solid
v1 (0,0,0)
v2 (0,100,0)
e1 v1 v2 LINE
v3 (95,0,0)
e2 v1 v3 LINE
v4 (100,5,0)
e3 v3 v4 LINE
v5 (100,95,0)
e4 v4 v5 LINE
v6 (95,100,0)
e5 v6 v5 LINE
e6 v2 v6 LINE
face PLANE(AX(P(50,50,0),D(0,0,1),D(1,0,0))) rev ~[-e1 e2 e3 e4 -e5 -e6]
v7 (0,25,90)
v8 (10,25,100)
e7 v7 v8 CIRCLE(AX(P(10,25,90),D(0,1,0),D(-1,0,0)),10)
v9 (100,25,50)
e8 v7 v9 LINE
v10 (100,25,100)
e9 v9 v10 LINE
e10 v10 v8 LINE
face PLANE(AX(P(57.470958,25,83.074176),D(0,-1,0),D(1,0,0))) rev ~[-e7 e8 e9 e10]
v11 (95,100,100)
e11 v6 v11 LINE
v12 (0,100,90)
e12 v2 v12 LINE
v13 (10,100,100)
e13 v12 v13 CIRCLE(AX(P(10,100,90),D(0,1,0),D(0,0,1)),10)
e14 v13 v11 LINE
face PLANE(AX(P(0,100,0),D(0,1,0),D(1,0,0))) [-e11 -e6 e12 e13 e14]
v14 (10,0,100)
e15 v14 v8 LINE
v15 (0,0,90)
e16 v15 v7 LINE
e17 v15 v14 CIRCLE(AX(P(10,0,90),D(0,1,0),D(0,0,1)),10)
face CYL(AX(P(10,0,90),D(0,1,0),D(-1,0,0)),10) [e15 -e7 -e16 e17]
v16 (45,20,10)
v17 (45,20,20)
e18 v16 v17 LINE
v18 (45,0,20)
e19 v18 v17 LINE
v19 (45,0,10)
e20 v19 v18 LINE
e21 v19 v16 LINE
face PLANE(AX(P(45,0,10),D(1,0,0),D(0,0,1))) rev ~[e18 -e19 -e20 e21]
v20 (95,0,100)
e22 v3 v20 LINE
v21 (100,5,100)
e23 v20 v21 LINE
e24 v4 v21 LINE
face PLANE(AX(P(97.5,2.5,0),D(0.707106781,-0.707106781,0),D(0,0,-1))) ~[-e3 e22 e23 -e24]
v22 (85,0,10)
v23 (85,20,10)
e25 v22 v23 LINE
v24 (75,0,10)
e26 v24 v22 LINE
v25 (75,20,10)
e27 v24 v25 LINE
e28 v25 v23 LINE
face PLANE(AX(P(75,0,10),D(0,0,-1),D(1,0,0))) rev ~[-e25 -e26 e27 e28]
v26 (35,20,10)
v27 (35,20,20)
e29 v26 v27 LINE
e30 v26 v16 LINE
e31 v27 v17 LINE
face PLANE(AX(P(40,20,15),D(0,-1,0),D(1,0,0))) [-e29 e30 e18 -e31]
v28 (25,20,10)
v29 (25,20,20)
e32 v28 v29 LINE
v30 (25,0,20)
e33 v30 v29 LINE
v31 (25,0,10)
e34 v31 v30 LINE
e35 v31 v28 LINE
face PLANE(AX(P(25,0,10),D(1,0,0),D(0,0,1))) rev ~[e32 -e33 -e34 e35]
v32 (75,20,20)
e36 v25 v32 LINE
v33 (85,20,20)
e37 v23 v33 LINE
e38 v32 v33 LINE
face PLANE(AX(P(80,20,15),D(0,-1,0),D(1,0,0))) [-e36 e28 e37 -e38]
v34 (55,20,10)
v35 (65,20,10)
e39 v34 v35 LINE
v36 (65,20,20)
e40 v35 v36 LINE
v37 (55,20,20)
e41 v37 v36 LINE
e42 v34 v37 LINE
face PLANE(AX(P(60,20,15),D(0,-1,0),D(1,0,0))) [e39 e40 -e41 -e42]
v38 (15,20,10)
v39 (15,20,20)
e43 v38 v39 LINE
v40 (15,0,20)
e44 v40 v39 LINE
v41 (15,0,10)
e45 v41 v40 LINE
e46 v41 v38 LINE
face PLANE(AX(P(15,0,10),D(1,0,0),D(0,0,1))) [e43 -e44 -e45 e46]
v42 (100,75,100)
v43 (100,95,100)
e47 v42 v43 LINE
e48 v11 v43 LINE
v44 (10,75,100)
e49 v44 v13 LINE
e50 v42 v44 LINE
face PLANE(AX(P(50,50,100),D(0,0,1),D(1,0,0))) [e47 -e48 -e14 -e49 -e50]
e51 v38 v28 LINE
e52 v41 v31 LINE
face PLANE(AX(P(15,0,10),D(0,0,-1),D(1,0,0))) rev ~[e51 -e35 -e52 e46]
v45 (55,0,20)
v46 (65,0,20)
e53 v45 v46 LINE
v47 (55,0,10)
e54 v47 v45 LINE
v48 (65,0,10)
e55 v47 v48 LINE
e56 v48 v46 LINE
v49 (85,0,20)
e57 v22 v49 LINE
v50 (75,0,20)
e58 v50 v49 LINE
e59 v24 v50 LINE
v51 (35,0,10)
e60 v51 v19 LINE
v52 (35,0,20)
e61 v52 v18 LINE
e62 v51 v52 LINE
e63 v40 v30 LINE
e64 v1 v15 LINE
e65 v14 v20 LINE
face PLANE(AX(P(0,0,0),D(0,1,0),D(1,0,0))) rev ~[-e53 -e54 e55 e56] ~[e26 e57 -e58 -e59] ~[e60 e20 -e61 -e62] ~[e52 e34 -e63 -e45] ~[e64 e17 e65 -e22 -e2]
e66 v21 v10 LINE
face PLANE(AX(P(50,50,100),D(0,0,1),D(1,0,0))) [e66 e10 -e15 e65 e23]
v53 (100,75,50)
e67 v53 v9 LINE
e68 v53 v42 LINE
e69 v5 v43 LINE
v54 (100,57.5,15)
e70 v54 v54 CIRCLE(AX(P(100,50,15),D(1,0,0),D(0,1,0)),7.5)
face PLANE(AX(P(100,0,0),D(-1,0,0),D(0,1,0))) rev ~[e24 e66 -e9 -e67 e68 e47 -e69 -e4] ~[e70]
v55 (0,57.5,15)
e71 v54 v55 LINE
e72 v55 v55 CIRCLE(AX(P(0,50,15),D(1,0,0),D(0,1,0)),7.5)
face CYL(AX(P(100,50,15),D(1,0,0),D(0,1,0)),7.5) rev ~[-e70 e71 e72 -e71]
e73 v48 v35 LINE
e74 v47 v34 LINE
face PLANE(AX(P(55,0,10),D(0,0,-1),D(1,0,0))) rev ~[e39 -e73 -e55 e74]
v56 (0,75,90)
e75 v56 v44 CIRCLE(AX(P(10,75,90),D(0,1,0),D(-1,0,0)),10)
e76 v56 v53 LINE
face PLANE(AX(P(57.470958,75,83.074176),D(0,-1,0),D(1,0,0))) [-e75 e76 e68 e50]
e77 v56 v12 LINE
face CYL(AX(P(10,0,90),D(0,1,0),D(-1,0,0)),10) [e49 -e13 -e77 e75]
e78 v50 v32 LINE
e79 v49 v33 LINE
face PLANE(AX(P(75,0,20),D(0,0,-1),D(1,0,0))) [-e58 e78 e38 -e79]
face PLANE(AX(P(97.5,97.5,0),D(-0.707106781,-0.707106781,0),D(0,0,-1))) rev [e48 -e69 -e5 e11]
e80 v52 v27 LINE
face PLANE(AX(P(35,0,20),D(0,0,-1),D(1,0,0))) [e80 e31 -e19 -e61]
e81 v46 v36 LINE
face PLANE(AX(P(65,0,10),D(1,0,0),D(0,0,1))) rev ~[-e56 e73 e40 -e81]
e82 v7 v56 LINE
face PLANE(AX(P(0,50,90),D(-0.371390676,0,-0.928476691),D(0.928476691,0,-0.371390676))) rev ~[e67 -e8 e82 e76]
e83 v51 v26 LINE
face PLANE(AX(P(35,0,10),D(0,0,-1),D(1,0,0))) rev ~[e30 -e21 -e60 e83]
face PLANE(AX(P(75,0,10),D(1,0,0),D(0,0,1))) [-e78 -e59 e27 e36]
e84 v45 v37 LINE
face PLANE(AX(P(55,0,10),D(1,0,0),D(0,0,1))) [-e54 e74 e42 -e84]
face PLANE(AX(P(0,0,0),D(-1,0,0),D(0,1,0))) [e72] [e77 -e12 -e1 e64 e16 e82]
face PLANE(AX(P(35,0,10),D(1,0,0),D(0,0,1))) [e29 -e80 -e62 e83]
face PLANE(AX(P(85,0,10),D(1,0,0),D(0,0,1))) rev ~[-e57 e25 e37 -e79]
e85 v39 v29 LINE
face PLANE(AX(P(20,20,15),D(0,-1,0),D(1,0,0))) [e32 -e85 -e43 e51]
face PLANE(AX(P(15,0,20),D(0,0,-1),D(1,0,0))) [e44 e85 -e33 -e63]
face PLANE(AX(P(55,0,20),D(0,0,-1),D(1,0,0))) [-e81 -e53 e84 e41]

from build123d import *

# Parameters (mm, degrees)
F0_W      = 100
F0_H      = 100
F1_DEPTH  = 100
F3_R      = 10
F4_W      = 10
F4_H      = 10
F5_DEPTH  = 20
F6_R      = 7.5
F7_DEPTH  = 100.001
F10_DEPTH = 25
F11_SIZE  = 5


with BuildPart() as f1:
    # F0 (on Top) → F1 (new body)
    with BuildSketch(Plane.XY):
        with Locations((50, 50)):
            Rectangle(F0_W, F0_H)
    extrude(amount=F1_DEPTH)

    # F3
    f3_edges = [f1.edges().sort_by_distance(p)[0] for p in [
        (0, 50, 100),
    ]]
    fillet(f3_edges, radius=F3_R)

    # F4 (on face) → F5 (cut)
    with BuildSketch(Plane.XZ):
        with Locations((20, 15)):
            Rectangle(F4_W, F4_H)
        with Locations((40, 15)):
            Rectangle(F4_W, F4_H)
        with Locations((60, 15)):
            Rectangle(F4_W, F4_H)
        with Locations((80, 15)):
            Rectangle(F4_W, F4_H)
    extrude(amount=-F5_DEPTH, mode=Mode.SUBTRACT)

    # F6 (on face) → F7 (cut, through all)
    with BuildSketch(Plane.YZ.offset(100)):
        with Locations((50, 15)):
            Circle(F6_R)
    extrude(amount=-F7_DEPTH, mode=Mode.SUBTRACT)

    # F9 (on offset) → F10 (cut, symmetric)
    with BuildSketch(Plane.XZ.offset(-50)):
        Polygon((0, 90), (100, 50), (100, 100), (0, 100), align=None)
    extrude(amount=F10_DEPTH, both=True, mode=Mode.SUBTRACT)

    # F11
    f11_edges = [f1.edges().sort_by_distance(p)[0] for p in [
        (100, 0, 50),
        (100, 100, 50),
    ]]
    chamfer(f11_edges, length=F11_SIZE)


solid = f1.part
